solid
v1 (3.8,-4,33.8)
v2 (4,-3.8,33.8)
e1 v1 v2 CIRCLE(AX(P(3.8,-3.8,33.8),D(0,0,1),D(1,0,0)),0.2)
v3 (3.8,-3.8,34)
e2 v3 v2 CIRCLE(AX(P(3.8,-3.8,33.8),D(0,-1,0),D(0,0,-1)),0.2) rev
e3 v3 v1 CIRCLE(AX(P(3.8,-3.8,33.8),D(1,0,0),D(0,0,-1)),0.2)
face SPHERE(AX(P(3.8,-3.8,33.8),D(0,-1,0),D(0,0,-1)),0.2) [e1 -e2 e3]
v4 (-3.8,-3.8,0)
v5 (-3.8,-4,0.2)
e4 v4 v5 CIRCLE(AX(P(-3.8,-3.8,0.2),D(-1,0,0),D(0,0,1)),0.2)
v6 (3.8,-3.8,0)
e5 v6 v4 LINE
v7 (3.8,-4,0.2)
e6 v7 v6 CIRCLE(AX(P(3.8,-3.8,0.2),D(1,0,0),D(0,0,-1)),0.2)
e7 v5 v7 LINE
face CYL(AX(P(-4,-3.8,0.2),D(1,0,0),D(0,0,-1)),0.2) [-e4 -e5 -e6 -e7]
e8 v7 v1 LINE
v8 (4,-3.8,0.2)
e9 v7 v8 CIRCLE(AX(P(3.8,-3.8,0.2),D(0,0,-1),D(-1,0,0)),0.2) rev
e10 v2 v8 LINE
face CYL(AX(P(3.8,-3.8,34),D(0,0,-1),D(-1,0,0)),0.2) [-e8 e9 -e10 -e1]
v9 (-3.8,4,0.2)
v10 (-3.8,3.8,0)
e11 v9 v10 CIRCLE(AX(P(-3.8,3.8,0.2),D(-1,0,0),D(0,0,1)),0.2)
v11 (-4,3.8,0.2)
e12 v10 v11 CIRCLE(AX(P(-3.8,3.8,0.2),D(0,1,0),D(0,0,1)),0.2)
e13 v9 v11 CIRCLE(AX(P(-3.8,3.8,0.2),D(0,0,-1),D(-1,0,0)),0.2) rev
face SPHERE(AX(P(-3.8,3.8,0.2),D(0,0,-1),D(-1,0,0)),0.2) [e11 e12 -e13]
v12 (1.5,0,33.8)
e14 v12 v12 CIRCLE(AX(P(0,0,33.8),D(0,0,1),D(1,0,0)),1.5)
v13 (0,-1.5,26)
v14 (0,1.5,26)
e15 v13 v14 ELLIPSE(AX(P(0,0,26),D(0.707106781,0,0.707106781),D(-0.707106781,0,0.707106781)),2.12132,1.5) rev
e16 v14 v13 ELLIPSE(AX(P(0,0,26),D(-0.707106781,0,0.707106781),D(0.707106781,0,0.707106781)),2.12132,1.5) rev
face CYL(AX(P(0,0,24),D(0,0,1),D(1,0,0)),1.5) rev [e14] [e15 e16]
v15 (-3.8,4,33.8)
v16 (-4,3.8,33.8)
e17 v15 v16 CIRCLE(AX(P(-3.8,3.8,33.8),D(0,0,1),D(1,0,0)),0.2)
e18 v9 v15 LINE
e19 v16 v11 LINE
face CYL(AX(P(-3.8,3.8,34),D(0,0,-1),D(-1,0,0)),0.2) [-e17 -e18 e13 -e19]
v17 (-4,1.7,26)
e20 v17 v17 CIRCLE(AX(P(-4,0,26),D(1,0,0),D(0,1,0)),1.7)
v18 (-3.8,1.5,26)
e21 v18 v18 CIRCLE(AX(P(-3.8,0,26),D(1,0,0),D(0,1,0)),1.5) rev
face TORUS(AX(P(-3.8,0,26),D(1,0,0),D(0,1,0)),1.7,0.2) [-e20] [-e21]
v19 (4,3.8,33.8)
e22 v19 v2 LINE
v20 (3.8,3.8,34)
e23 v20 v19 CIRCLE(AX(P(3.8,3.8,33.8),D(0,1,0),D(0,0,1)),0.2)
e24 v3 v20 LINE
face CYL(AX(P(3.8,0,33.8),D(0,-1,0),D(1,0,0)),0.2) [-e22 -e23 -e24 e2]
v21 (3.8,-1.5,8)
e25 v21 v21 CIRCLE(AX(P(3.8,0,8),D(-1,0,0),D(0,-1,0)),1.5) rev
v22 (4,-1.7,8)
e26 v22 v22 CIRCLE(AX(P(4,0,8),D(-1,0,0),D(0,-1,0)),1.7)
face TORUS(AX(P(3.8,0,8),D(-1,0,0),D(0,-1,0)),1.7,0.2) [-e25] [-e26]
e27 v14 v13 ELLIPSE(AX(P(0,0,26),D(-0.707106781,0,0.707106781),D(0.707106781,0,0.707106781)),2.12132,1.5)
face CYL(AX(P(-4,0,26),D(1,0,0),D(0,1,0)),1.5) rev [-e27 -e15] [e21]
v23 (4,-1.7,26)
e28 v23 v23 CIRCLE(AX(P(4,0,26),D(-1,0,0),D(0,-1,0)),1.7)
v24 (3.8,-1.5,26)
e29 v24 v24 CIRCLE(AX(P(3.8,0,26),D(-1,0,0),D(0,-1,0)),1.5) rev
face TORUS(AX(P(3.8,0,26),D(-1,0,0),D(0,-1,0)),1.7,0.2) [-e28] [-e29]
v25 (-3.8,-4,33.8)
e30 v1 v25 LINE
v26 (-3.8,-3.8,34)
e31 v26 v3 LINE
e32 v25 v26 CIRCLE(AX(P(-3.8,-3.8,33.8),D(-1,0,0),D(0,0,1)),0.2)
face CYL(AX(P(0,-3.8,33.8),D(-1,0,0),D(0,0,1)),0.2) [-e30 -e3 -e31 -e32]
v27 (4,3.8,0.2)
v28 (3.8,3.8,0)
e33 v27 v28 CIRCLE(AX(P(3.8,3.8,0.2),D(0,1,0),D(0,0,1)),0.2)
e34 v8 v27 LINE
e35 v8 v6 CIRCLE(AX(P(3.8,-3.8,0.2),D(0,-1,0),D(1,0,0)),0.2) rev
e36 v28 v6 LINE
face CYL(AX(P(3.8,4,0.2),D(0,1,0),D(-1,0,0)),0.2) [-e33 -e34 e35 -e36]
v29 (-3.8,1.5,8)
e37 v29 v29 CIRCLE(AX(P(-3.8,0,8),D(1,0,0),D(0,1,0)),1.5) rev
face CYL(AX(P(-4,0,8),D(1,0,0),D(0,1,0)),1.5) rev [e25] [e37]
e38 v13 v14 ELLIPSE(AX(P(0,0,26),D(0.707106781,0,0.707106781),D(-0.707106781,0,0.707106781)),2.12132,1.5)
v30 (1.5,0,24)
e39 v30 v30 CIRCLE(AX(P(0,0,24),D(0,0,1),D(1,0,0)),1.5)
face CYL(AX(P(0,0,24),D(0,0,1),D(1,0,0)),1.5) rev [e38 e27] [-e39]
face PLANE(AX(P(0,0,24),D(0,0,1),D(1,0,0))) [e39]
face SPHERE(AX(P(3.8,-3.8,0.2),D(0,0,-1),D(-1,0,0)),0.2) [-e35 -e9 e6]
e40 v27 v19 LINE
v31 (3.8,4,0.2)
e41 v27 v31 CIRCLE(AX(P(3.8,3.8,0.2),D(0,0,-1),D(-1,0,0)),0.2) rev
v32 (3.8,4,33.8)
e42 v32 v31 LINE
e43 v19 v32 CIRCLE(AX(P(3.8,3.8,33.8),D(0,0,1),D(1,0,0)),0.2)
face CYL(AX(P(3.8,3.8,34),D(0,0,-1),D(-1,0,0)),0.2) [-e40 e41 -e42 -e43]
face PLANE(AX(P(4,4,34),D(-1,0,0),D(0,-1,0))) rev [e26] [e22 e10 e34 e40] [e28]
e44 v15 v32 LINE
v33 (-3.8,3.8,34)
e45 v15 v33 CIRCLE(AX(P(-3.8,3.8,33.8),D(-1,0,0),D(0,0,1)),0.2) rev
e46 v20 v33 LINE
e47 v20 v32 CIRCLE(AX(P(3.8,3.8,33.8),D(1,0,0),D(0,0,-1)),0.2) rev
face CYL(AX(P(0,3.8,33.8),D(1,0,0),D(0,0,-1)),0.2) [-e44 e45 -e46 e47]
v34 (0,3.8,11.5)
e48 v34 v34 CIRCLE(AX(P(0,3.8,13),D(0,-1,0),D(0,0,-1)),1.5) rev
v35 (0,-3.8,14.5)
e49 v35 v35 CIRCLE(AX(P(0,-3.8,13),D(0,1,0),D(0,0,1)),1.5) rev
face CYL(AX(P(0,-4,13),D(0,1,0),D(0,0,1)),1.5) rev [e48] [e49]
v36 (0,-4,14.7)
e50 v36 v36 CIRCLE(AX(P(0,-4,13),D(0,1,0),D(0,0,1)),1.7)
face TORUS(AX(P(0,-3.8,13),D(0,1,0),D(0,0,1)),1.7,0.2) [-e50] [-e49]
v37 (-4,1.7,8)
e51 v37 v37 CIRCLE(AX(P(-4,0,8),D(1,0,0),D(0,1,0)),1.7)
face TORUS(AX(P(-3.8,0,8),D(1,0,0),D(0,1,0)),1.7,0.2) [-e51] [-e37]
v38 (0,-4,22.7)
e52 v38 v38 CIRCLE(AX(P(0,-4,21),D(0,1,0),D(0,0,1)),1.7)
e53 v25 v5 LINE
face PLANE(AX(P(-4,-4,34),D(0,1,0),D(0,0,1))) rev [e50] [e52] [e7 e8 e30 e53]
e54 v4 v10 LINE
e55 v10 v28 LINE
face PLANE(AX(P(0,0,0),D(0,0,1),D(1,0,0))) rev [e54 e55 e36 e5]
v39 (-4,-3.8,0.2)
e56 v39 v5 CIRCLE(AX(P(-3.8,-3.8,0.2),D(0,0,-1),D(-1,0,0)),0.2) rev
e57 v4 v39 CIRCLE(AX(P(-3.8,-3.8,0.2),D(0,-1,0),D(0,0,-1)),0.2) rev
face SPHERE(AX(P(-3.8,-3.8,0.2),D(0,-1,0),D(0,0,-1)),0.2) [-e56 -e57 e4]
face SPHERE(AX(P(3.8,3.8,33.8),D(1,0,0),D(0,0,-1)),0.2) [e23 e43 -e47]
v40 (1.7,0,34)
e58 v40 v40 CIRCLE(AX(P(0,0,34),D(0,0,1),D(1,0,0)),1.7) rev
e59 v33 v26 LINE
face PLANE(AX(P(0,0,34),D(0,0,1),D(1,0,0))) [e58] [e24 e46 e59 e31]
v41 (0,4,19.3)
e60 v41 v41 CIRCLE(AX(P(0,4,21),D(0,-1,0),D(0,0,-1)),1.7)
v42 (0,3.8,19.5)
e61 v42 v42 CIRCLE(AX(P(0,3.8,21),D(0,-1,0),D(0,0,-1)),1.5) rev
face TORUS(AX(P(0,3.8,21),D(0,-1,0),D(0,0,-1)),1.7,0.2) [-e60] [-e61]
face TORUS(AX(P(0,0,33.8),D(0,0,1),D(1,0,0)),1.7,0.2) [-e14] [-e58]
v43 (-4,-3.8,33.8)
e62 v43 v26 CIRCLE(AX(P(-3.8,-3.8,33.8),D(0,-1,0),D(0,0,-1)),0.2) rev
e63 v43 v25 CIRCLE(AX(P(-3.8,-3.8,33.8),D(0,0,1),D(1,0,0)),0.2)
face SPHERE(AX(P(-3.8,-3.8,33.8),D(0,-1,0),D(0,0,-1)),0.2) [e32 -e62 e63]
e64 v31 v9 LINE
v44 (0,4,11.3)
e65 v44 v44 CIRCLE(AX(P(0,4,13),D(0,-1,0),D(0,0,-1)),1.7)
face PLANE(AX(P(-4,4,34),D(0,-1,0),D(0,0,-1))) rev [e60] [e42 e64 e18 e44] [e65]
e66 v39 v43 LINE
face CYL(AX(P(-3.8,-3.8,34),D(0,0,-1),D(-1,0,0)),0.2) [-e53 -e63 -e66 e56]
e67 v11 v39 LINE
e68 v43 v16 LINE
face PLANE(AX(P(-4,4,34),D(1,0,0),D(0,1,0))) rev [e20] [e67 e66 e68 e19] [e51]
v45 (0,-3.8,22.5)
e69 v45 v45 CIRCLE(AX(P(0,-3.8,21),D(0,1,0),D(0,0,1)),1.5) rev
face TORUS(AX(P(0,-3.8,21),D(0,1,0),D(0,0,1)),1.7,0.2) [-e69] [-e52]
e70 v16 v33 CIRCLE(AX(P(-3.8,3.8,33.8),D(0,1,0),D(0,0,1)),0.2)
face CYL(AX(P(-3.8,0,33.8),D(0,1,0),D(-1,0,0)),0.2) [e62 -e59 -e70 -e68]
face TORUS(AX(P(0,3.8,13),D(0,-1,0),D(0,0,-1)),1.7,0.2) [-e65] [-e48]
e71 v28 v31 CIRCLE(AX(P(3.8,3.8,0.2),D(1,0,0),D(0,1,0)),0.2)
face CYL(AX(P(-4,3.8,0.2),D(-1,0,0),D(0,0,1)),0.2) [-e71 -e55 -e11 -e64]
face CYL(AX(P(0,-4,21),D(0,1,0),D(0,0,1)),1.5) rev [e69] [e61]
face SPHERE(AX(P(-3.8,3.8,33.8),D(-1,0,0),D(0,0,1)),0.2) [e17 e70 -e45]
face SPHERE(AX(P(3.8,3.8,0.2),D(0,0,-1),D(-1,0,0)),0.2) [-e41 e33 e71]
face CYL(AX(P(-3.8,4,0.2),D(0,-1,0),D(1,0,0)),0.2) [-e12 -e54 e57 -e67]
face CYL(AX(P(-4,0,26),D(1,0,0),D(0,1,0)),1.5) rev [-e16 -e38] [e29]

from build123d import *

# Parameters (mm, degrees)
SKETCH_1_W          = 8
SKETCH_1_H          = 8
EXTRUDE_1_DEPTH     = 34
SKETCH_2_R          = 1.5
CUT_EXTRUDE_1_DEPTH = 10
SKETCH_3_R          = 1.5
CUT_EXTRUDE_2_DEPTH = 9
SKETCH_4_R          = 1.5
CUT_EXTRUDE_3_DEPTH = 9
FILLET_1_R          = 0.2
FILLET_2_R          = 0.2


with BuildPart() as part:
    # 草图1 → 凸台-拉伸1 (new body)
    with BuildSketch(Plane.XY):
        Rectangle(SKETCH_1_W, SKETCH_1_H)
    extrude(amount=EXTRUDE_1_DEPTH)

    # 草图2 → 切除-拉伸1 (cut)
    with BuildSketch(Plane.XY.offset(34)):
        Circle(SKETCH_2_R)
    extrude(amount=-CUT_EXTRUDE_1_DEPTH, mode=Mode.SUBTRACT)

    # 草图3 → 切除-拉伸2 (cut, through all)
    with BuildSketch(Plane(origin=(0, 4, 0), x_dir=(1, 0, 0), z_dir=(0, 1, 0))):
        with Locations((0, -21)):
            Circle(SKETCH_3_R)
        with Locations((0, -13)):
            Circle(SKETCH_3_R)
    extrude(amount=-CUT_EXTRUDE_2_DEPTH, mode=Mode.SUBTRACT)

    # 草图4 → 切除-拉伸3 (cut, through all)
    with BuildSketch(Plane(origin=(4, 0, 0), x_dir=(0, 0, -1), z_dir=(1, 0, 0))):
        with Locations((-8, 0)):
            Circle(SKETCH_4_R)
        with Locations((-26, 0)):
            Circle(SKETCH_4_R)
    extrude(amount=-CUT_EXTRUDE_3_DEPTH, mode=Mode.SUBTRACT)

    # 圆角1
    fillet_1_edges = [part.edges().sort_by_distance(p)[0] for p in [
        (-4, 0, 34),
        (0, -4, 34),
        (-1.5, -4, 21),
        (-1.5, -4, 13),
        (-4, 0, 9.5),
        (-4, 0, 27.5),
        (4, 0, 34),
        (0, -4, 0),
        (-4, 0, 0),
        (0, 4, 0),
        (4, 0, 0),
        (4, -4, 17),
        (-4, -4, 17),
        (-4, 4, 17),
        (4, 4, 17),
        (0, 4, 34),
    ]]
    fillet(fillet_1_edges, radius=FILLET_1_R)

    # 圆角2
    fillet_2_edges = [part.edges().sort_by_distance(p)[0] for p in [
        (-1.5, 0, 34),
        (-1.5, 4, 21),
        (-1.5, 4, 13),
        (4, 0, 9.5),
        (4, 0, 27.5),
    ]]
    fillet(fillet_2_edges, radius=FILLET_2_R)


solid = part.part
